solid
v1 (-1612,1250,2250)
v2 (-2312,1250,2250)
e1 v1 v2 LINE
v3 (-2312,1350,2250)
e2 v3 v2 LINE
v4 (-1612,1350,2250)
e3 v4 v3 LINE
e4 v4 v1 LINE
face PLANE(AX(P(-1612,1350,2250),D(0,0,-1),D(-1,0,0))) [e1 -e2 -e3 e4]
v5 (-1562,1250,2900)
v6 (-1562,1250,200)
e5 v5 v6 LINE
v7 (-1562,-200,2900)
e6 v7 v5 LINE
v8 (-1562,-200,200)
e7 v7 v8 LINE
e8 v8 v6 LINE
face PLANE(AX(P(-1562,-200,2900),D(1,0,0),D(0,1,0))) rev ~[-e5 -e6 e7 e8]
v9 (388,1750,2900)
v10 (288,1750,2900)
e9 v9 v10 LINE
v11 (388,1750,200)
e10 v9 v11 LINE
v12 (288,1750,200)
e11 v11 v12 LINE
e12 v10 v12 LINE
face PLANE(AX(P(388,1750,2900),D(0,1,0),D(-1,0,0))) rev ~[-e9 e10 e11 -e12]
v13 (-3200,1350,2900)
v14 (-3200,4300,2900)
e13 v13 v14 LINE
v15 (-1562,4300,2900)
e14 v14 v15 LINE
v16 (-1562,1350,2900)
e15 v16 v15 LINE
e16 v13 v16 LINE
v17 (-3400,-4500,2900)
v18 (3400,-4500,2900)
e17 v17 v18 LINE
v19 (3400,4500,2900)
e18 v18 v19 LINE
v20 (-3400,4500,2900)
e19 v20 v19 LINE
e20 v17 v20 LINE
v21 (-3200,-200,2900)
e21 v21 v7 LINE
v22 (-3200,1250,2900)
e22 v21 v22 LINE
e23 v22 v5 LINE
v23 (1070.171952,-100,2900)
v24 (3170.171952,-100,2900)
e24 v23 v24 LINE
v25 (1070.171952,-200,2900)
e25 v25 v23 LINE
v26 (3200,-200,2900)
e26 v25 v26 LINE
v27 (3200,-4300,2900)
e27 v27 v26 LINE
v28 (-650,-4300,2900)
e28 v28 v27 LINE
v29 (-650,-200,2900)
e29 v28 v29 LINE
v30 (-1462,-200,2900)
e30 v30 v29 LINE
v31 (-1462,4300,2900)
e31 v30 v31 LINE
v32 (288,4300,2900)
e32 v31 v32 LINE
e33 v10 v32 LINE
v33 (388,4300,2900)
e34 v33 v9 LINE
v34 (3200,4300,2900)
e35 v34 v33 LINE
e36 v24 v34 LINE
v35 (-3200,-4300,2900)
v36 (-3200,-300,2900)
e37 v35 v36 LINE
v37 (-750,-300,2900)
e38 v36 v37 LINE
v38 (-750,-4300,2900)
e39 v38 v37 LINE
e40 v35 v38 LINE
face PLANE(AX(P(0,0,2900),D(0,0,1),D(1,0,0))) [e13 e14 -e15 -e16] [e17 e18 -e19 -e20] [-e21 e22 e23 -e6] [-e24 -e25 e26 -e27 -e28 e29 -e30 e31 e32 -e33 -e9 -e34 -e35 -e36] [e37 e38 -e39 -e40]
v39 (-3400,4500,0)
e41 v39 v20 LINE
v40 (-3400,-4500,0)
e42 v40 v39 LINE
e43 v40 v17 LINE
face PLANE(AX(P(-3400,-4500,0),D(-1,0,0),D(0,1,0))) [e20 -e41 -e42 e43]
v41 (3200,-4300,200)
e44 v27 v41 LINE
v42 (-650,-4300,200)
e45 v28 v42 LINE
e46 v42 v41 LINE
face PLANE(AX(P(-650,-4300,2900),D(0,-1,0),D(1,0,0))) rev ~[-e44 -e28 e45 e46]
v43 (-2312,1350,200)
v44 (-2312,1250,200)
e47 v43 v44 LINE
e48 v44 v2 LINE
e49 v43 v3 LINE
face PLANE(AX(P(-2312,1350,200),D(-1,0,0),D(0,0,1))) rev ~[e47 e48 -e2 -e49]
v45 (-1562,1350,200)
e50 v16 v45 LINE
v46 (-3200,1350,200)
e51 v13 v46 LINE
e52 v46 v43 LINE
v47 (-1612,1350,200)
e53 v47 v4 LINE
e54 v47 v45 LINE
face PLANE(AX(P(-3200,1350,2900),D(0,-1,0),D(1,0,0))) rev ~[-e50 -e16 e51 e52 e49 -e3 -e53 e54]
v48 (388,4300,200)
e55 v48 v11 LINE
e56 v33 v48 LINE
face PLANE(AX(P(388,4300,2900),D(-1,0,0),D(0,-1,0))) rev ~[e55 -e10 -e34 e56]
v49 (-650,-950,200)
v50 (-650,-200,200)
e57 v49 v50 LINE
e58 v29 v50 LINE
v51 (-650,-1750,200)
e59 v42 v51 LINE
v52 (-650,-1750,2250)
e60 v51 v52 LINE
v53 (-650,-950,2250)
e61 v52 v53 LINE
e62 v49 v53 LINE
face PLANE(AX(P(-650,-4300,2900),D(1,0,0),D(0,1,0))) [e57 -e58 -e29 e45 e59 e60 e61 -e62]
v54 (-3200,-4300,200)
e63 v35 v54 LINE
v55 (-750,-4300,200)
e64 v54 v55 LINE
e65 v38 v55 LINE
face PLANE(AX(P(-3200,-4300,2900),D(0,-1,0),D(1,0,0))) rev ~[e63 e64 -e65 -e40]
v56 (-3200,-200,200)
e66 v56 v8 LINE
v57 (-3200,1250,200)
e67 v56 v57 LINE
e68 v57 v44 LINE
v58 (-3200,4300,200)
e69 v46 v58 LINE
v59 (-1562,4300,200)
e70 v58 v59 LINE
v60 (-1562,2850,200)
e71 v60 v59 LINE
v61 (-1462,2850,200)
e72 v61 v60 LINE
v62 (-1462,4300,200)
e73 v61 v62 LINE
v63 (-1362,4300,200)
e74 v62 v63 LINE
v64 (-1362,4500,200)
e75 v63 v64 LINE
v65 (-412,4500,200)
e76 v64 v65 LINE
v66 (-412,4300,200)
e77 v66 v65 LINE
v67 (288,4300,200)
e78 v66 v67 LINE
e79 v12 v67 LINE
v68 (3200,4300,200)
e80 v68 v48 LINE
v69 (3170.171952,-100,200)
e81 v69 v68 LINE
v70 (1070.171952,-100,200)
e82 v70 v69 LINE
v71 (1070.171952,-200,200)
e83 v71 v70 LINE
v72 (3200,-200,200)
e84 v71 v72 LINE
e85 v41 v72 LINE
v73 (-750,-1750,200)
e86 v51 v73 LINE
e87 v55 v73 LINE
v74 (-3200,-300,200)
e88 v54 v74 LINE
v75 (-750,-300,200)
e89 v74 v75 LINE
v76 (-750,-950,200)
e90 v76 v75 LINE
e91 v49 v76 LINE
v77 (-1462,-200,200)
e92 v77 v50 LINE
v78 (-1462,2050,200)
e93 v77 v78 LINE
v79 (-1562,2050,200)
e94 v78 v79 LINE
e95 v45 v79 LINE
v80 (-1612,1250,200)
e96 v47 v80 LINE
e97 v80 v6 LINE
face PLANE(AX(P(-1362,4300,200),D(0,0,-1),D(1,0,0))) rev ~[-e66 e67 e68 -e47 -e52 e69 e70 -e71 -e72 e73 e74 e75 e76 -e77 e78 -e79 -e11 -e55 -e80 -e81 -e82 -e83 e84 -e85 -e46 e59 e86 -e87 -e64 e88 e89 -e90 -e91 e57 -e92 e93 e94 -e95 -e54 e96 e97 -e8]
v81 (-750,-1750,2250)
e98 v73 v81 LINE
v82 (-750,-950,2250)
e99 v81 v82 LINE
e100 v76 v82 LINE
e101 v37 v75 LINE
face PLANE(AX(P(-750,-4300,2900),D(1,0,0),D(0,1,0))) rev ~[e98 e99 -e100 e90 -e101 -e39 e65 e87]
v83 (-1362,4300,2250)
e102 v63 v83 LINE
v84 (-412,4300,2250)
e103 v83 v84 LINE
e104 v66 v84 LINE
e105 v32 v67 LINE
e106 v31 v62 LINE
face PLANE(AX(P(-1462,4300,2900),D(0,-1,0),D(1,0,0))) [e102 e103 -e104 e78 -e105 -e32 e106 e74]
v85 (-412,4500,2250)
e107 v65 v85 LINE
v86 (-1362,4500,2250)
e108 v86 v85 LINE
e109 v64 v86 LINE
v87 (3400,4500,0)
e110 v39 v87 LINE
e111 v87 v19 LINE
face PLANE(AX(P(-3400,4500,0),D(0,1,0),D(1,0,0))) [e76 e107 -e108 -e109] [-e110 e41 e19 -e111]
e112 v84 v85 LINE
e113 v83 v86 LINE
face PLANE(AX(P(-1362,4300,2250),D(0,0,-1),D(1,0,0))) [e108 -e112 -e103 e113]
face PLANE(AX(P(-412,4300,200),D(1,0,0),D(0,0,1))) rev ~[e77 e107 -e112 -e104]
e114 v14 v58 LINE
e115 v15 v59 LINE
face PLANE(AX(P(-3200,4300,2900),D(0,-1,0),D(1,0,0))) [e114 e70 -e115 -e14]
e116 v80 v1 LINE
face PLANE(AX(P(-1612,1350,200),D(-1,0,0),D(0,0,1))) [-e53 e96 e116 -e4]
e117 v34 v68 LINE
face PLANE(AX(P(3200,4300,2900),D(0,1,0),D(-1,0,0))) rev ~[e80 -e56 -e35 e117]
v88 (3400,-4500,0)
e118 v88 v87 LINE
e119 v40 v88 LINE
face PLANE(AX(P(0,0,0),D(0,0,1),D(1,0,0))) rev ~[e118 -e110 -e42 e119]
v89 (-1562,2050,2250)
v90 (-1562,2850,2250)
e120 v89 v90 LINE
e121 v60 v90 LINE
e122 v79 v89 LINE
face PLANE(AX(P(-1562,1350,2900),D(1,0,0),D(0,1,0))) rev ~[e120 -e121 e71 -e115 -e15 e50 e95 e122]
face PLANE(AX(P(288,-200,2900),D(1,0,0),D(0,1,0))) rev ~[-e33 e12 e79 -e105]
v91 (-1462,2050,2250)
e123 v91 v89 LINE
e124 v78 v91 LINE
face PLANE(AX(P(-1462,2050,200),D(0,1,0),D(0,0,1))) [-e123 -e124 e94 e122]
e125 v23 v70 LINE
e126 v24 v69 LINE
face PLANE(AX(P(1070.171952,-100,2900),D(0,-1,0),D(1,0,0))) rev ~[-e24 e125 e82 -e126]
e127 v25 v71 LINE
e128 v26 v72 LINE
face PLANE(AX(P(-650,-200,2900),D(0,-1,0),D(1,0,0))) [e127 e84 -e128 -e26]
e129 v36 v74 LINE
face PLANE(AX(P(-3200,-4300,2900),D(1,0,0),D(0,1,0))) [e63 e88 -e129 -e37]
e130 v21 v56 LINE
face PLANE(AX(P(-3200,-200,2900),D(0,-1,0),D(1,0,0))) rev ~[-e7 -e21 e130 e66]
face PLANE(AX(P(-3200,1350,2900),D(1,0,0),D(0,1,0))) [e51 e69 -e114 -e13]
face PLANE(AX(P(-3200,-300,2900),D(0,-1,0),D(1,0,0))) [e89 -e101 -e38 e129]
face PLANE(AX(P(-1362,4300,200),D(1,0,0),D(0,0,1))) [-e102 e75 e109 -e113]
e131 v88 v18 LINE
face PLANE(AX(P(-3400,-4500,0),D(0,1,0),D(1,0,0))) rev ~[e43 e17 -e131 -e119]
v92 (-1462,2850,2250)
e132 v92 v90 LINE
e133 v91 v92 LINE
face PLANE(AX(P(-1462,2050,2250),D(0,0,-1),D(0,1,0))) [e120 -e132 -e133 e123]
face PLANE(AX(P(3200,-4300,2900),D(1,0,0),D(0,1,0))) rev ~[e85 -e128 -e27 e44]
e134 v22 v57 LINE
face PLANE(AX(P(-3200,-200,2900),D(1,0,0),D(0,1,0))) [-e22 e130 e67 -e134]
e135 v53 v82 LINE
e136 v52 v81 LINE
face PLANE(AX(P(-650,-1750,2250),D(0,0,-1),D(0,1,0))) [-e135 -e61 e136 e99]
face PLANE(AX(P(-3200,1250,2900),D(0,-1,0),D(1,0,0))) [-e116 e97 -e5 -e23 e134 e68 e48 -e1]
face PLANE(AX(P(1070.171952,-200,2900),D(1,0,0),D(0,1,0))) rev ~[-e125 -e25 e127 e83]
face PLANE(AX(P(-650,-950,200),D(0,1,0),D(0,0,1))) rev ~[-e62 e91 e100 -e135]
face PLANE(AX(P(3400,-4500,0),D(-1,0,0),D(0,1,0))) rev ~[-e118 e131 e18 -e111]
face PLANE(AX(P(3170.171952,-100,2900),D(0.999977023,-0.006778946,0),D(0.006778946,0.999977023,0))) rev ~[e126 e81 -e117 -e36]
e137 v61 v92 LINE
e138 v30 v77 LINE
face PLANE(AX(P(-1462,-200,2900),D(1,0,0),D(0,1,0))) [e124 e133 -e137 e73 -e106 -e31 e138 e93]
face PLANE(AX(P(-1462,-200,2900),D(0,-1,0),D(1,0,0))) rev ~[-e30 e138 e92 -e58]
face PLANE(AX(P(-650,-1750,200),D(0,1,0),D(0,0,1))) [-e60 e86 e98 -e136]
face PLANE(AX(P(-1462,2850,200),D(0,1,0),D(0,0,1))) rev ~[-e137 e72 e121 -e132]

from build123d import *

# Parameters (mm, degrees)
F0_W      = 6800
F0_H      = 9000
F1_DEPTH  = 2900
F2_W      = 3850
F2_H      = 4100
F3_DEPTH  = 2700
F4_W      = 2450
F4_H      = 4000
F5_DEPTH  = 2700
F6_W      = 1750
F6_H      = 4500
F7_DEPTH  = 2700
F9_DEPTH  = 2700
F10_W     = 1638
F10_H     = 2950
F10_H_2   = 1450
F11_DEPTH = 2700
F12_W     = 800
F12_H     = 2050
F13_DEPTH = 100
F14_W     = 800
F14_H     = 2050
F15_DEPTH = 100
F16_W     = 950
F16_H     = 2050
F17_DEPTH = 200
F18_W     = 700
F18_H     = 2050
F19_DEPTH = 100


with BuildPart() as f1:
    # F0 (on Top) → F1 (new body)
    with BuildSketch(Plane.XY):
        Rectangle(F0_W, F0_H)
    extrude(amount=F1_DEPTH)

    # F2 (on face) → F3 (cut)
    with BuildSketch(Plane.XY.offset(2900)):
        with Locations((1275, -2250)):
            Rectangle(F2_W, F2_H)
    extrude(amount=-F3_DEPTH, mode=Mode.SUBTRACT)

    # F4 (on face) → F5 (cut)
    with BuildSketch(Plane.XY.offset(2900)):
        with Locations((-1975, -2300)):
            Rectangle(F4_W, F4_H)
    extrude(amount=-F5_DEPTH, mode=Mode.SUBTRACT)

    # F6 (on face) → F7 (cut)
    with BuildSketch(Plane.XY.offset(2900)):
        with Locations((-587, 2050)):
            Rectangle(F6_W, F6_H)
    extrude(amount=-F7_DEPTH, mode=Mode.SUBTRACT)

    # F8 (on face) → F9 (cut)
    with BuildSketch(Plane.XY.offset(2900)):
        Polygon((3170.171952, -100), (3200, 4300), (388, 4300), (388, 1750), (288, 1750), (288, -200), (1070.171952, -200), (1070.171952, -100), align=None)
    extrude(amount=-F9_DEPTH, mode=Mode.SUBTRACT)

    # F10 (on face) → F11 (cut)
    with BuildSketch(Plane.XY.offset(2900)):
        with Locations((-2381, 2825)):
            Rectangle(F10_W, F10_H)
        with Locations((-2381, 525)):
            Rectangle(F10_W, F10_H_2)
    extrude(amount=-F11_DEPTH, mode=Mode.SUBTRACT)

    # F12 (on face) → F13 (cut)
    with BuildSketch(Plane.YZ.offset(-650)):
        with Locations((-1350, 1225)):
            Rectangle(F12_W, F12_H)
    extrude(amount=-F13_DEPTH, mode=Mode.SUBTRACT)

    # F14 (on face) → F15 (cut)
    with BuildSketch(Plane.YZ.offset(-1462)):
        with Locations((2450, 1225)):
            Rectangle(F14_W, F14_H)
    extrude(amount=-F15_DEPTH, mode=Mode.SUBTRACT)

    # F16 (on face) → F17 (cut)
    with BuildSketch(Plane.XZ.offset(-4300)):
        with Locations((-887, 1225)):
            Rectangle(F16_W, F16_H)
    extrude(amount=-F17_DEPTH, mode=Mode.SUBTRACT)

    # F18 (on face) → F19 (cut)
    with BuildSketch(Plane(origin=(0, 1350, 0), x_dir=(-1, 0, 0), z_dir=(0, 1, 0))):
        with Locations((1962, 1225)):
            Rectangle(F18_W, F18_H)
    extrude(amount=-F19_DEPTH, mode=Mode.SUBTRACT)


solid = f1.part
